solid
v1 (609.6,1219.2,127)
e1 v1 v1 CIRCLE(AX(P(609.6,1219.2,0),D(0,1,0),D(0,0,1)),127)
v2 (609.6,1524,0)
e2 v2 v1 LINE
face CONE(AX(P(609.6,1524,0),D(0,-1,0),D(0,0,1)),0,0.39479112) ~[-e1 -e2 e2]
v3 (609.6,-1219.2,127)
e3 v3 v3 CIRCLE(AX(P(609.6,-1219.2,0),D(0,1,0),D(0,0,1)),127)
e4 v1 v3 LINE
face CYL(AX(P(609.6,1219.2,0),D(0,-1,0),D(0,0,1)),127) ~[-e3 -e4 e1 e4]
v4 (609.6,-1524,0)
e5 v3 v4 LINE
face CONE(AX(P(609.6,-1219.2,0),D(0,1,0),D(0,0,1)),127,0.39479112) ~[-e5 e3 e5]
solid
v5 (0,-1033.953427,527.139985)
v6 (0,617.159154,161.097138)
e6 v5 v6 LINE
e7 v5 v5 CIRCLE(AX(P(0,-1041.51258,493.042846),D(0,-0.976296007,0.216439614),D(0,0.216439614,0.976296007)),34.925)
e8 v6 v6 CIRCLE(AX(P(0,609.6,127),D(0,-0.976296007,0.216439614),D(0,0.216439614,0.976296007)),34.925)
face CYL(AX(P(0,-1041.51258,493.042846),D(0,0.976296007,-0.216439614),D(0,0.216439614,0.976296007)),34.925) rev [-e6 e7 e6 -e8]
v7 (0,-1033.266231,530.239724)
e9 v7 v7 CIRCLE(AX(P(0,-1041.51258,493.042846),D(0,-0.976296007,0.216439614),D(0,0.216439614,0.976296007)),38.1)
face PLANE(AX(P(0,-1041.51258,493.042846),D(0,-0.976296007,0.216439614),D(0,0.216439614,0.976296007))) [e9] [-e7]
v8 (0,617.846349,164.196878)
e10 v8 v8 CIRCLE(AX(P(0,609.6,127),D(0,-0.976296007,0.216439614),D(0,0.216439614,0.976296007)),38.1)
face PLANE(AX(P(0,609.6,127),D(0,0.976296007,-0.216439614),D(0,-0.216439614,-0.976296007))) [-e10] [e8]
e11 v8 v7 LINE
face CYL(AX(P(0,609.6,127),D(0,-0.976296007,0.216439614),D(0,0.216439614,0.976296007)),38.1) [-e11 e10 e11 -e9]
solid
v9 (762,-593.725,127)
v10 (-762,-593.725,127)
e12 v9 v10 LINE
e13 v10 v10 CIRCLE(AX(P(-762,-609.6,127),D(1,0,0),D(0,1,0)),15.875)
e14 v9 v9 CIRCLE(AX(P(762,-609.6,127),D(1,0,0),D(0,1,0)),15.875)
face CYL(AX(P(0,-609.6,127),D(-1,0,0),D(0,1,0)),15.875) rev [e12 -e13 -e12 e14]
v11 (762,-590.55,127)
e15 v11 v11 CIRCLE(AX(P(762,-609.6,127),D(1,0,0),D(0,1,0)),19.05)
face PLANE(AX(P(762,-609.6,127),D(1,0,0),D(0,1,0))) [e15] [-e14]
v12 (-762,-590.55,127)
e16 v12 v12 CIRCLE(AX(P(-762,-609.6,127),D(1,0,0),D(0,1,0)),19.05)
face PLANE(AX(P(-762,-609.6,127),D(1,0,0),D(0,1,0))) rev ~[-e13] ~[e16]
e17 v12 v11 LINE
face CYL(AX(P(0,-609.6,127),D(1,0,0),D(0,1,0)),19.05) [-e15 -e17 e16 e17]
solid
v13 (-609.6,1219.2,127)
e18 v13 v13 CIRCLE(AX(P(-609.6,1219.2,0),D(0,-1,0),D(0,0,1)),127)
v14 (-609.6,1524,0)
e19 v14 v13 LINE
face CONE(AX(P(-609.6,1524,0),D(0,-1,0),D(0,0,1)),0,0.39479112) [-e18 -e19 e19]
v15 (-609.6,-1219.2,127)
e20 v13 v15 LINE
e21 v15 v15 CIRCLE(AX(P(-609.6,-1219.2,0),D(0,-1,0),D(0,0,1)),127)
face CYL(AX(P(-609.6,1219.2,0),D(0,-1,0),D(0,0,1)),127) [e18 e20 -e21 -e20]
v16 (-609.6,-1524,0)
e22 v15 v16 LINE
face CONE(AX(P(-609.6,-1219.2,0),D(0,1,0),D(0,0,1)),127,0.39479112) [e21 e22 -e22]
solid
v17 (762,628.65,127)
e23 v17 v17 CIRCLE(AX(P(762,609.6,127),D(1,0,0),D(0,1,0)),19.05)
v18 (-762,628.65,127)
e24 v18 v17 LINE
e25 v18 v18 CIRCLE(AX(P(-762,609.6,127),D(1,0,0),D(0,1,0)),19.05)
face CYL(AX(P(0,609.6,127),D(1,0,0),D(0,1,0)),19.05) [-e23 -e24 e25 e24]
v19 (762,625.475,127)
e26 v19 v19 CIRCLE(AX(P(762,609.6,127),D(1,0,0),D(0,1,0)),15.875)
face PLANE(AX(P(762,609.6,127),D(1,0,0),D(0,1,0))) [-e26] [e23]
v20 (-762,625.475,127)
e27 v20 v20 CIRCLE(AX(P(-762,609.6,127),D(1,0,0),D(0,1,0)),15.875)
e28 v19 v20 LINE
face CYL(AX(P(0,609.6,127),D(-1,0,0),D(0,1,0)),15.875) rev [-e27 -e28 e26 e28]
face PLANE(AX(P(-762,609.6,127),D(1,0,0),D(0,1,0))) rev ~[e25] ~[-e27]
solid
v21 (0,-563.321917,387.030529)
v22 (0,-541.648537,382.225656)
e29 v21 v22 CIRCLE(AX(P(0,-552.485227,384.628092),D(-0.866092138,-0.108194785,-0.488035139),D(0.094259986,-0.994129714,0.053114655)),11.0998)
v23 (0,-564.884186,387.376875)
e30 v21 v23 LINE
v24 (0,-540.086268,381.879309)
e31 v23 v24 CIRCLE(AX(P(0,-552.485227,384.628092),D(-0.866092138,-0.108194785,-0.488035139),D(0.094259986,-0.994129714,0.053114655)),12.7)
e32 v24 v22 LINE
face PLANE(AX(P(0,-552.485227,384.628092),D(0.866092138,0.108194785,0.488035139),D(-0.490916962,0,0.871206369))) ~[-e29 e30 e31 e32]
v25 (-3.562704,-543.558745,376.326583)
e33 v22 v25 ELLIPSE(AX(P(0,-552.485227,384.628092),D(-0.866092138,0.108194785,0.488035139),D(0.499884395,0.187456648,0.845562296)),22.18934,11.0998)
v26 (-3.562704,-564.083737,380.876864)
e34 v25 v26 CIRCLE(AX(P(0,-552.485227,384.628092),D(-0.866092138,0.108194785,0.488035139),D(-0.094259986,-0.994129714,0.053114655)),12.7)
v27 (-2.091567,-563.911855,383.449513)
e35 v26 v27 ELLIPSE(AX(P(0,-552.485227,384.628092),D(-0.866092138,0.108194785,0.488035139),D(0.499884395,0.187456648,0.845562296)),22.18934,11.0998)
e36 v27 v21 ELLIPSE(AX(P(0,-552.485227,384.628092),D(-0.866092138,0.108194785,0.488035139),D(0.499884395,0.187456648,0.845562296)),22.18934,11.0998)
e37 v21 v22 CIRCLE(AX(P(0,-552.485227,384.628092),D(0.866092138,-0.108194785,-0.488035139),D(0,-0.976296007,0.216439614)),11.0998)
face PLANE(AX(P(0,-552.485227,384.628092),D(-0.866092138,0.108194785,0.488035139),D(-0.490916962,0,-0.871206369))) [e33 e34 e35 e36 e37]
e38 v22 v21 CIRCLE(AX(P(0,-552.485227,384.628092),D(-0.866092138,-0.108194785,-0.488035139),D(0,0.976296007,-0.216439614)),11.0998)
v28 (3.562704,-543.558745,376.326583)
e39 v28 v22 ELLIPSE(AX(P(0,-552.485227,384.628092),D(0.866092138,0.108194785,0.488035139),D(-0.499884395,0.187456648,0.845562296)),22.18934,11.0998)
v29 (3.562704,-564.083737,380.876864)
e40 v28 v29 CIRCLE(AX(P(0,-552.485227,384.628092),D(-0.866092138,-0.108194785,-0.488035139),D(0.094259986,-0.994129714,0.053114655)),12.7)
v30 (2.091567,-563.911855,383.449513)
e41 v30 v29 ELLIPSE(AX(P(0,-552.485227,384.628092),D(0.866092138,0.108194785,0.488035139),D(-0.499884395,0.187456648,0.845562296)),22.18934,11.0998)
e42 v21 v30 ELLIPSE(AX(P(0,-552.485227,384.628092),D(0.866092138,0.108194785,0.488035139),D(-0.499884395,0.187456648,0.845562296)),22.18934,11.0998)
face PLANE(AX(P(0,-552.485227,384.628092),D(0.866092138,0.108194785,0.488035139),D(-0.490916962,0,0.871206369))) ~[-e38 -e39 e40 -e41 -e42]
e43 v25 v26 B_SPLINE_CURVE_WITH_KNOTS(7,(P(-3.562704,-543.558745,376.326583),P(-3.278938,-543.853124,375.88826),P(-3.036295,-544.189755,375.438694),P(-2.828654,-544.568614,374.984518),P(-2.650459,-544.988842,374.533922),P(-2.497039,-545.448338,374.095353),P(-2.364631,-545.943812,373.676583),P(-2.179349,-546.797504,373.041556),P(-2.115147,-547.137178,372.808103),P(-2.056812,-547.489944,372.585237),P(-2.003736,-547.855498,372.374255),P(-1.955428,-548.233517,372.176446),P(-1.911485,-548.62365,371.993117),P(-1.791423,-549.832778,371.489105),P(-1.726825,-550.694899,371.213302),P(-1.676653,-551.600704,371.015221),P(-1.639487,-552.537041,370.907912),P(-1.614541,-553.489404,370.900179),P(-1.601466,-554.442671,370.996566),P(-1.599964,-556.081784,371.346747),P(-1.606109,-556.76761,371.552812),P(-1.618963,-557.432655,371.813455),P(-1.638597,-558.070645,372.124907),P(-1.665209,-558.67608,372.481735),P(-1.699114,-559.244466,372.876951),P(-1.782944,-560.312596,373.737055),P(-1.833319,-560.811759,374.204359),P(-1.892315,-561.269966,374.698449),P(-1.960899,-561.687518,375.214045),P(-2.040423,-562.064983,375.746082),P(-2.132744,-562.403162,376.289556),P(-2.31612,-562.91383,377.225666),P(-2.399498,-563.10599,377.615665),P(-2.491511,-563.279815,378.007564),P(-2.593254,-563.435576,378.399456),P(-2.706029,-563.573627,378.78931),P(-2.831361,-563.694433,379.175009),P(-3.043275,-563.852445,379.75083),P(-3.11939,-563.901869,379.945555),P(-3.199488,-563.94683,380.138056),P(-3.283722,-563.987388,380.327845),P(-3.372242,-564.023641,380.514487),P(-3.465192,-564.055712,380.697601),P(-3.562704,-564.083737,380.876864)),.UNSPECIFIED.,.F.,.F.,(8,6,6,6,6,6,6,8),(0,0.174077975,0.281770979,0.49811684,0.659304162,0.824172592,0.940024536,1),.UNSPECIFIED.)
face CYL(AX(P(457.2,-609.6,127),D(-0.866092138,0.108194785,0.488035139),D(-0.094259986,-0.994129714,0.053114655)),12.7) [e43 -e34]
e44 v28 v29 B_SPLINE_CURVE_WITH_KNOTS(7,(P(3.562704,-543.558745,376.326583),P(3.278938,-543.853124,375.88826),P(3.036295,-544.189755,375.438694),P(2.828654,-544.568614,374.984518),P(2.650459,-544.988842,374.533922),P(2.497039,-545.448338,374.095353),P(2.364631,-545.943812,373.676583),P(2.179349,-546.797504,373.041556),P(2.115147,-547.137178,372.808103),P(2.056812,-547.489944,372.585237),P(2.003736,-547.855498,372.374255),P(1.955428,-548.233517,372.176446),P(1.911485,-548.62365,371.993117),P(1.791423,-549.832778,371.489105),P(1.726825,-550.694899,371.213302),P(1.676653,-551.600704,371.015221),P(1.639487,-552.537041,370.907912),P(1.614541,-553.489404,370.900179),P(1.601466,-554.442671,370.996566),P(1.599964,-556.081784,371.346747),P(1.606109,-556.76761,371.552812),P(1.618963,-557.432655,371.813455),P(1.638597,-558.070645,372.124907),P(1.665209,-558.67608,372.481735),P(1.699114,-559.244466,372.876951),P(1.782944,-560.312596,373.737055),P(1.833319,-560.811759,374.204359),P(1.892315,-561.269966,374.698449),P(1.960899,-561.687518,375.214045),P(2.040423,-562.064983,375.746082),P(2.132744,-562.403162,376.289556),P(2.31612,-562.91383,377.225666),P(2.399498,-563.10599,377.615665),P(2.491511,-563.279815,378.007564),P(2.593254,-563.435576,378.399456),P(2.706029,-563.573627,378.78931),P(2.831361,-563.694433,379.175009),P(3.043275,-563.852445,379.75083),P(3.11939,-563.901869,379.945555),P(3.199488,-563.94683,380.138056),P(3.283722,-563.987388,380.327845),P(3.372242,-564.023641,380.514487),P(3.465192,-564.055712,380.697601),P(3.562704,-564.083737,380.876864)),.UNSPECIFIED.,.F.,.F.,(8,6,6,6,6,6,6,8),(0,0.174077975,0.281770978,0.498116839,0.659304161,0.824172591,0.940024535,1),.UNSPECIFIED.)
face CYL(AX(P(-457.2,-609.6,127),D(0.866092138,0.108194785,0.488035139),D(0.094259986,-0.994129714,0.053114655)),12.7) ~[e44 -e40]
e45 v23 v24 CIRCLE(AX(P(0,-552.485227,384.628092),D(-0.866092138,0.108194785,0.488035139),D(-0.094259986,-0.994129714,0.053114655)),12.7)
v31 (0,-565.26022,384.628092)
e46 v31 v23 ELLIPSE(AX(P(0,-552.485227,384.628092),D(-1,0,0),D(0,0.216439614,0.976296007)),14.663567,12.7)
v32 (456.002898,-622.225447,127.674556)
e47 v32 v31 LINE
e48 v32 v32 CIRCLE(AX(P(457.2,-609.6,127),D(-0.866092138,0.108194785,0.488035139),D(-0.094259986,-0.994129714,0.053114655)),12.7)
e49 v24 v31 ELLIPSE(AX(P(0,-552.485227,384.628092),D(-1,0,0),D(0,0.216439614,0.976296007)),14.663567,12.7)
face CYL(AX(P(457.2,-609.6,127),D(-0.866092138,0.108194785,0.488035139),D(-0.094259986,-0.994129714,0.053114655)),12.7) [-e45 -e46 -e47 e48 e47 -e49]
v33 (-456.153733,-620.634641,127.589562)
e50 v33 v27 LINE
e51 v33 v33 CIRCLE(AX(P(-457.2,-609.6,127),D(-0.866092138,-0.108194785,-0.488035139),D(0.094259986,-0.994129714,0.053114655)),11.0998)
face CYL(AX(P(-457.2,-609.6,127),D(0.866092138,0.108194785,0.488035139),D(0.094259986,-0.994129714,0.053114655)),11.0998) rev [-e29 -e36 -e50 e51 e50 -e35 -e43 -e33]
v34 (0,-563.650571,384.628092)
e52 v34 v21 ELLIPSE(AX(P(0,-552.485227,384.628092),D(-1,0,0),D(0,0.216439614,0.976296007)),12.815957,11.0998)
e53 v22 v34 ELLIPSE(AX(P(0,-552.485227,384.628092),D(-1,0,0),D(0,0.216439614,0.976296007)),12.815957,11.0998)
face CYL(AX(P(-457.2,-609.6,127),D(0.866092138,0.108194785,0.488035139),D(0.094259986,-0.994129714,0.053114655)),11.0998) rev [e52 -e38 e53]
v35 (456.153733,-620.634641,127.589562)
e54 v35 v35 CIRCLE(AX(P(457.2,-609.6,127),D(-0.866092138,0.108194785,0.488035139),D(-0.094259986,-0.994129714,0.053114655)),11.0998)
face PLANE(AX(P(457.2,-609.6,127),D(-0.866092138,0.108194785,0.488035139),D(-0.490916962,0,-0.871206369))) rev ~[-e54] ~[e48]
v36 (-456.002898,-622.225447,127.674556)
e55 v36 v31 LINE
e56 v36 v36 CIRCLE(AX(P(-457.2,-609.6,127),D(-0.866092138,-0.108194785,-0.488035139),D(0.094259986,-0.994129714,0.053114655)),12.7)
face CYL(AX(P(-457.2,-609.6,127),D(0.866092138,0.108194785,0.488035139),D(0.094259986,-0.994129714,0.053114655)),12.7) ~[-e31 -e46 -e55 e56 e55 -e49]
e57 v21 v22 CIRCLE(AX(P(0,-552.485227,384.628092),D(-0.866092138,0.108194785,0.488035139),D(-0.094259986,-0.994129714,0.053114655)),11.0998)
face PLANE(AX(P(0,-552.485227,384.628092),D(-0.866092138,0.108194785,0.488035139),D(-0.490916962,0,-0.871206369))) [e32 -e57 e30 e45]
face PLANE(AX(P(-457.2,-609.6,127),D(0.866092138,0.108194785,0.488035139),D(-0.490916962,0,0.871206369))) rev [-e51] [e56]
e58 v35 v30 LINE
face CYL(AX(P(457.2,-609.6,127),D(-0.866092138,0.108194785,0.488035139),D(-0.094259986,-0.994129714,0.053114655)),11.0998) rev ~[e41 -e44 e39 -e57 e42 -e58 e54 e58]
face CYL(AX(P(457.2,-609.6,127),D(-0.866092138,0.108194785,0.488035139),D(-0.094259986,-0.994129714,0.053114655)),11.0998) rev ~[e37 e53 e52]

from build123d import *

# Parameters (mm, degrees)
F7_R     = 19.05
F7_R_2   = 15.875
F8_DEPTH = 762
F12_R    = 12.7
F12_R_2  = 11.0998


with BuildPart() as f3:
    # F2 (on offset) → F3 (revolve)
    with BuildSketch(Plane.YZ.offset(609.6)):
        Polygon((1219.2, 127), (-1219.2, 127), (-1524, 0), (1524, 0), align=None)
    revolve(axis=Axis((609.6, 0, 0), (0, 1, 0)))


with BuildPart() as f4_1:
    # F4: instance of F3
    add(f3.part.mirror(Plane.YZ))


with BuildPart() as f6:
    # F5 (on Right) → F6 (revolve)
    with BuildSketch(Plane.YZ):
        Polygon((-1033.2662311045, 530.2397243676), (-1033.9534268788, 527.139984545), (617.1591535168, 161.0971380487), (617.846349291, 164.1968778713), align=None)
    revolve(axis=Axis((0, -215.9562901978, 310.0214232482), (0, -0.9762960071, 0.2164396139)))


with BuildPart() as f8:
    # F7 (on Right) → F8 (new body, symmetric)
    with BuildSketch(Plane.YZ):
        with Locations((-609.6, 127)):
            Circle(F7_R)
        with Locations((-609.6, 127)):
            Circle(F7_R_2, mode=Mode.SUBTRACT)
    extrude(amount=F8_DEPTH, both=True)


with BuildPart() as f8b:
    # F7 (on Right) → F8, piece 2 (new body, symmetric)
    with BuildSketch(Plane.YZ):
        with Locations((609.6, 127)):
            Circle(F7_R)
        with Locations((609.6, 127)):
            Circle(F7_R_2, mode=Mode.SUBTRACT)
    extrude(amount=F8_DEPTH, both=True)


with BuildPart() as f13:
    # F13: sweep along a path in F10
    with BuildLine(Plane(origin=(0, -607.8788731093, 134.7635017017), x_dir=(1, 0, 0), z_dir=(0, -0.9762960071, 0.2164396139))) as f13_path:
        Line((457.2, -7.9519957524), (0, 255.9311815609))
    # F12 (on line) → F13 (sweep)
    with BuildSketch(Plane(origin=(346.3956329204, -43.2727645455, -195.1908270125), x_dir=(-0.0942599861, -0.9941297141, 0.0531146553), z_dir=(-0.8660921382, 0.1081947854, 0.4880351386))):
        with Locations((569.6713692747, 335.0904436434)):
            Circle(F12_R)
        with Locations((569.6713692747, 335.0904436434)):
            Circle(F12_R_2, mode=Mode.SUBTRACT)
    sweep(path=f13_path.line)

    # F14: F13 across plane


with BuildPart() as f13_1:
    add(f13.part)
    add(f13.part.mirror(Plane.YZ))


solid = Compound([f3.part, f4_1.part, f6.part, f8.part, f8b.part, f13_1.part])
